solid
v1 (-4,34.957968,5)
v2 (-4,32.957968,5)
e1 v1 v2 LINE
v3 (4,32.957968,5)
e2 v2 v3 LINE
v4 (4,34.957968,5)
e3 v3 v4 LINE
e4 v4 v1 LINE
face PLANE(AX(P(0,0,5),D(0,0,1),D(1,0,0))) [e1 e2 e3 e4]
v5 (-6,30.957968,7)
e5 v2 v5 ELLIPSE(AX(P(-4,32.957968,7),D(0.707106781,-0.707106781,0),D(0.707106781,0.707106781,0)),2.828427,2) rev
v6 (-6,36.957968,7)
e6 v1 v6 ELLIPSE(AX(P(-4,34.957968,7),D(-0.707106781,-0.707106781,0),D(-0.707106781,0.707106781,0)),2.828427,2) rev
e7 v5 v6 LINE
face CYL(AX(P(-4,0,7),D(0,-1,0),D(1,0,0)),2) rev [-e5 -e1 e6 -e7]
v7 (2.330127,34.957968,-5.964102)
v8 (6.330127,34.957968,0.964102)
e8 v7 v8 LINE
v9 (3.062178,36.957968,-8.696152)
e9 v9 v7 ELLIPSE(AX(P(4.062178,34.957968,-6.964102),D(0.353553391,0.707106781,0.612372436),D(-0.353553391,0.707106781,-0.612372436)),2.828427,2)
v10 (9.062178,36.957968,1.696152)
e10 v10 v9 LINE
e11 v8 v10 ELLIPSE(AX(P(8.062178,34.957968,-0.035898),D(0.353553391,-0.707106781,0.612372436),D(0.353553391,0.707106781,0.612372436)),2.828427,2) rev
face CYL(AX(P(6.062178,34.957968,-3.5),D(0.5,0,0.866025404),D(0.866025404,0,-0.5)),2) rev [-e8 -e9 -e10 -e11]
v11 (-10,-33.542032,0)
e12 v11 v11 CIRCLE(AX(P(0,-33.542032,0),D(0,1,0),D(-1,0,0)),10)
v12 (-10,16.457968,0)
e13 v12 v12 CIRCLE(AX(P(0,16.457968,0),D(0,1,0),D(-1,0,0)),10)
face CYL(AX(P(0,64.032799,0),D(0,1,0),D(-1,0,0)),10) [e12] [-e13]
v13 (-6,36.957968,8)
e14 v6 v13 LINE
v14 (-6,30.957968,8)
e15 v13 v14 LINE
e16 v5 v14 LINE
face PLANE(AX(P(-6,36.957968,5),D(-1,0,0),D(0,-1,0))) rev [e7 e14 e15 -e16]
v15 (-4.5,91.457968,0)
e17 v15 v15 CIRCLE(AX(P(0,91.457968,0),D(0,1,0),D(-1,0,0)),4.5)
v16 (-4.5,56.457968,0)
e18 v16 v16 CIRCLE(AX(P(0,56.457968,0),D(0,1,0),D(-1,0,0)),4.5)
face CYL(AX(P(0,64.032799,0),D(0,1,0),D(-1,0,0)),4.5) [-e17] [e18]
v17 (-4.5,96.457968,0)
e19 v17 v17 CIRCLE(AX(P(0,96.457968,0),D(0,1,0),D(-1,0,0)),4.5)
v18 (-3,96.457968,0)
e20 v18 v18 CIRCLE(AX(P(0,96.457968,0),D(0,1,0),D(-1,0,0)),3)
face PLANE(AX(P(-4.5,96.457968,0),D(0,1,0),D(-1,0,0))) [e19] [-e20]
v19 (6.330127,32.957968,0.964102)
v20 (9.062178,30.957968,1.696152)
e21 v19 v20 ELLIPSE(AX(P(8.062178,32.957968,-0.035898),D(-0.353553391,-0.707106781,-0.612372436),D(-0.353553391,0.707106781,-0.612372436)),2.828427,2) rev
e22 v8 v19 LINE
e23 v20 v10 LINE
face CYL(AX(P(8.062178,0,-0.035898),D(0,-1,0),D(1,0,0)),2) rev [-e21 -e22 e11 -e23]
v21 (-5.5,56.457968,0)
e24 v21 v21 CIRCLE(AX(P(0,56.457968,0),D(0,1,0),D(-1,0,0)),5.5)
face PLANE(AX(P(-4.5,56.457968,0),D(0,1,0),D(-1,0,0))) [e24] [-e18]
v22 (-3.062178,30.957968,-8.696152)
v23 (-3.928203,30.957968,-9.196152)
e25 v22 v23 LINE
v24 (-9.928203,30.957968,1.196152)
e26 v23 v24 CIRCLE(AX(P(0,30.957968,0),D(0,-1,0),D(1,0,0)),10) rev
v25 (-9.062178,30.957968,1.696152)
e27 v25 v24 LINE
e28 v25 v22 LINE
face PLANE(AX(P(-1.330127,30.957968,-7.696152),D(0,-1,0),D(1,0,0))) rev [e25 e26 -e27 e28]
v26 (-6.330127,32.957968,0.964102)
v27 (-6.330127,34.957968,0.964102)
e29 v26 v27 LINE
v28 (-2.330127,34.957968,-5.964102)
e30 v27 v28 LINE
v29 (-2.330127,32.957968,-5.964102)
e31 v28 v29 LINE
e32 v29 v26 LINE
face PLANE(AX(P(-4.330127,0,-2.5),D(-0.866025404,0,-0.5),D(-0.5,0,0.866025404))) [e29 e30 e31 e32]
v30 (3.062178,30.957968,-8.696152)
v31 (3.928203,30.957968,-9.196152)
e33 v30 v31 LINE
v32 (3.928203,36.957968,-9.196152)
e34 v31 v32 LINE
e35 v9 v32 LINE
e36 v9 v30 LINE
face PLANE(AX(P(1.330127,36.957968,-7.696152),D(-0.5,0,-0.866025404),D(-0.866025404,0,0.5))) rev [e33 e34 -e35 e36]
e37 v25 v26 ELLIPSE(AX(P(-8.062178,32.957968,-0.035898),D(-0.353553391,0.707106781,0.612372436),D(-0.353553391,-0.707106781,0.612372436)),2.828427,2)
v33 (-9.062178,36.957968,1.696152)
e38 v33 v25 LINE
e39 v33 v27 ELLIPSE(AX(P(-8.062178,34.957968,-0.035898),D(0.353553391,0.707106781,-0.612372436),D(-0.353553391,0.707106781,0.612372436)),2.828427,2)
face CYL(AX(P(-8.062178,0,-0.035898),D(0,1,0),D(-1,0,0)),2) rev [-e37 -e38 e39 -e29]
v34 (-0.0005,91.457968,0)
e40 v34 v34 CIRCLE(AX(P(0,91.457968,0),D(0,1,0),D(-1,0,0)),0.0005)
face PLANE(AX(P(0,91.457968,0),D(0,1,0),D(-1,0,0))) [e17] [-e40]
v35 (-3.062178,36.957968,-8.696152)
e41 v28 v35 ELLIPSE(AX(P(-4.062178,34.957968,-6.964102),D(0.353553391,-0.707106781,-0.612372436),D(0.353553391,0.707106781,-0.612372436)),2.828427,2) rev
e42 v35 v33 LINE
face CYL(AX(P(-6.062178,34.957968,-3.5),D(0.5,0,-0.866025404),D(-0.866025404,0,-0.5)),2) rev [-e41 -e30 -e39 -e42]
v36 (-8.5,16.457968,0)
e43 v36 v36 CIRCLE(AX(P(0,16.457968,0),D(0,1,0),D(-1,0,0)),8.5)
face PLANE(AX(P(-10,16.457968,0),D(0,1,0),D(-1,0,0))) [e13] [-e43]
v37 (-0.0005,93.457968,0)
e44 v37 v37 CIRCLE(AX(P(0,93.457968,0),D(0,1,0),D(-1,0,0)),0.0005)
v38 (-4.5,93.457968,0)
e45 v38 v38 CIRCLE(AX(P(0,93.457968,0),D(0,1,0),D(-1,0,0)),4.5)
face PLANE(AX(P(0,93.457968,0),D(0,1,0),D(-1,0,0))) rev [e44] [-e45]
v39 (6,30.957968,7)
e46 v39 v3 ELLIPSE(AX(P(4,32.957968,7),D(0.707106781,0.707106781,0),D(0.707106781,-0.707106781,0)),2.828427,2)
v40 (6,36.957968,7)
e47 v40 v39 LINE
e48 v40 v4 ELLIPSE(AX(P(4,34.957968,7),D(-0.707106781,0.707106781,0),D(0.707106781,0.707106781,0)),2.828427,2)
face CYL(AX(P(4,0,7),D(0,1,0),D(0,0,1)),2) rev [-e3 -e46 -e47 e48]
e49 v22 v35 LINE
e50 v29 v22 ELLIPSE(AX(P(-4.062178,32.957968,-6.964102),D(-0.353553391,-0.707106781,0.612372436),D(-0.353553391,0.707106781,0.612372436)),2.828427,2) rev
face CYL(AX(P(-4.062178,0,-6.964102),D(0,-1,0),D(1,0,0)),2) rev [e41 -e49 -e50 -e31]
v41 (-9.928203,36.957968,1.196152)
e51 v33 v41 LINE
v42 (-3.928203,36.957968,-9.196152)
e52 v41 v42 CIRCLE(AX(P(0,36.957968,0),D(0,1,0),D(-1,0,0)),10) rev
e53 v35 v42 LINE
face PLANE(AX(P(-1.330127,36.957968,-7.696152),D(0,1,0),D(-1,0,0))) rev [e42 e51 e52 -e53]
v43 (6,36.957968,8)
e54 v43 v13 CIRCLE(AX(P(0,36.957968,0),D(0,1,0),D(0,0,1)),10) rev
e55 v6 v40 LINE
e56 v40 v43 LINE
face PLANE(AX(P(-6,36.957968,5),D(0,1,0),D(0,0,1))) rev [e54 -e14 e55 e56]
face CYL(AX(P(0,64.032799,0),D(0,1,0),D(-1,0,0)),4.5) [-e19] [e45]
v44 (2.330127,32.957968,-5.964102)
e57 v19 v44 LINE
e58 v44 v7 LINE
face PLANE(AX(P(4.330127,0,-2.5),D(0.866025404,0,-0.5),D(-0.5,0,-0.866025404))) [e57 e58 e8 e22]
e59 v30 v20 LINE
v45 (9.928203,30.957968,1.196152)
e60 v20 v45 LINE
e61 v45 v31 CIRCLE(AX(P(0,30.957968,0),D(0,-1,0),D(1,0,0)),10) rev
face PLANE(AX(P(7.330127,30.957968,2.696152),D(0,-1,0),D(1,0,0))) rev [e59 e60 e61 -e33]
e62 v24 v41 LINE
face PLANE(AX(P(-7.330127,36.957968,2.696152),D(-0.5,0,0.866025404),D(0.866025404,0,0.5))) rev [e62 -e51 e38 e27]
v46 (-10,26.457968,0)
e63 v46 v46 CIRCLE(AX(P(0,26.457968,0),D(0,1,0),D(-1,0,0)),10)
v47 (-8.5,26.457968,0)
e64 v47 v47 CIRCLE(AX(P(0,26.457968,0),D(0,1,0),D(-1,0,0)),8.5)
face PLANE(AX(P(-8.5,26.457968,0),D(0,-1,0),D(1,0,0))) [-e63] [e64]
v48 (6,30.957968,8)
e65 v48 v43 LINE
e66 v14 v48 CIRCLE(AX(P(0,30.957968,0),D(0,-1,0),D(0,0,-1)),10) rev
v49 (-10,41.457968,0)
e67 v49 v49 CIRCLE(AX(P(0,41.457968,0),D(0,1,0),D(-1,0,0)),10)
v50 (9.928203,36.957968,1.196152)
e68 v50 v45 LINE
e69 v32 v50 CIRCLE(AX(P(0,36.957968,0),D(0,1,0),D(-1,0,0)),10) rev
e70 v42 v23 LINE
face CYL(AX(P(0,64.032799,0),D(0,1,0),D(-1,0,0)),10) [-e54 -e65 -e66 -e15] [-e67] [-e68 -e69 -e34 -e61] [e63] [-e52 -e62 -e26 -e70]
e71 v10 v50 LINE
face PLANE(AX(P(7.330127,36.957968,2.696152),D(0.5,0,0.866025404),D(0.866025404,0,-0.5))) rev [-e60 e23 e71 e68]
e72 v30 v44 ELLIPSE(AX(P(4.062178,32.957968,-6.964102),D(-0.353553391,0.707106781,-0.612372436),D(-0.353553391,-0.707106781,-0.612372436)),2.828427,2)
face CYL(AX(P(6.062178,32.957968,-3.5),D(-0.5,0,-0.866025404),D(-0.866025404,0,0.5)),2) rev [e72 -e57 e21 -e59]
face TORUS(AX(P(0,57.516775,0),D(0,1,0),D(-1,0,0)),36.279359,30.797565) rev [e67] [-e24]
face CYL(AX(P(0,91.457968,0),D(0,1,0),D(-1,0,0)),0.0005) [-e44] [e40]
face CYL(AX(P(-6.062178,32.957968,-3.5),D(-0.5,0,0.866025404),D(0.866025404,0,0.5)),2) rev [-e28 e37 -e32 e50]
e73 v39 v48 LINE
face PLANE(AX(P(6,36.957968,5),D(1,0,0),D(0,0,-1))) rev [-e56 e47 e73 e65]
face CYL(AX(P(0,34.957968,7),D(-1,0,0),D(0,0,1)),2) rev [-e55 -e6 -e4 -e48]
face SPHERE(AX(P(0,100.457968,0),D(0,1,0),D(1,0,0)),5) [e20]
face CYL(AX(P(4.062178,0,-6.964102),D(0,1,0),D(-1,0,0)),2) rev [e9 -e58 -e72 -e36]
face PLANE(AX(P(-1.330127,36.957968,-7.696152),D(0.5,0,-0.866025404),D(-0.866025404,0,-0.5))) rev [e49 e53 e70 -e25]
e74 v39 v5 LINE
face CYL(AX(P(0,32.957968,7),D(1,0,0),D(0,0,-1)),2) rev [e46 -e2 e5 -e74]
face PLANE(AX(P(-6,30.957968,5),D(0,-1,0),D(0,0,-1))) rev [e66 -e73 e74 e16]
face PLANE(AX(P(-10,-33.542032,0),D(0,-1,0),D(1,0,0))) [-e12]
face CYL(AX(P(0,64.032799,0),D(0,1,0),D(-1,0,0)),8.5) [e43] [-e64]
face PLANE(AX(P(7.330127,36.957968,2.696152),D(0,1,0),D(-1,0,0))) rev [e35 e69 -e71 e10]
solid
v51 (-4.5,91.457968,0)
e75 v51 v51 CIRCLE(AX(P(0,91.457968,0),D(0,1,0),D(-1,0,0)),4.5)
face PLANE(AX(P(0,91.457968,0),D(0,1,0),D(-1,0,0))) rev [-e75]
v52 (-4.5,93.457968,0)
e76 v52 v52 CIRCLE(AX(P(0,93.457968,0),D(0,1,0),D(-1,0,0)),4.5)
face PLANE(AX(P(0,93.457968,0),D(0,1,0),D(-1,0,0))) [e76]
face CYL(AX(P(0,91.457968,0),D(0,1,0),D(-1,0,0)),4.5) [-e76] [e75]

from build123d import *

# Parameters (mm, degrees)
SKETCH_3_W                       = 12
SKETCH_3_H                       = 6
CUT_EXTRUDE_1_DEPTH              = 19
FILLET_1_R                       = 2
PATTERN_CIRCULAR_1_COUNT         = 3
FILLET_1_OF_PATTERN_CIRCULAR_1_R = 2
SKETCH_6_R                       = 4.5
SKETCH_6_R_2                     = 0.0005
CUT_EXTRUDE_5_DEPTH              = 2
SKETCH_7_R                       = 4.5
EXTRUDE_3_DEPTH                  = 2


with BuildPart() as part:
    # 草图1 → 旋转1 (revolve)
    with BuildSketch(Plane.XY):
        with BuildLine():
            Line((-4.5, 96.457967635), (-3, 96.457967635))
            ThreePointArc((-3, 96.457967635), (-4.74341649, 102.039106465), (0, 105.457967635))
            Line((0, 105.457967635), (0, -33.542032365))
            Line((0, -33.542032365), (-10, -33.542032365))
            Line((-10, -33.542032365), (-10, 16.457967635))
            Line((-10, 16.457967635), (-8.5, 16.457967635))
            Line((-8.5, 16.457967635), (-8.5, 26.457967635))
            Line((-8.5, 26.457967635), (-10, 26.457967635))
            Line((-10, 26.457967635), (-10, 41.457967635))
            ThreePointArc((-10, 41.457967635), (-6.780641664, 48.667160134), (-5.5, 56.457967635))
            Line((-5.5, 56.457967635), (-4.5, 56.457967635))
            Line((-4.5, 56.457967635), (-4.5, 96.457967635))
        make_face()
    revolve(axis=Axis((0, 64.032798659, 0), (0, -1, 0)))

    # 草图3 → 切除-拉伸1 (cut)
    with BuildSketch(Plane.XY.offset(24)):
        with Locations((0, 33.957967635)):
            Rectangle(SKETCH_3_W, SKETCH_3_H)
    cut_extrude_1 = extrude(amount=-CUT_EXTRUDE_1_DEPTH, mode=Mode.SUBTRACT)

    # 圆角1
    fillet_1_edges = [part.edges().sort_by_distance(p)[0] for p in [
        (6, 33.957967635, 5),
        (0, 30.957967635, 5),
        (-6, 33.957967635, 5),
        (0, 36.957967635, 5),
    ]]
    fillet(fillet_1_edges, radius=FILLET_1_R)

    # 阵列(圆周)1: 切除-拉伸1 ×3 about axis
    pattern_circular_1_axis = Axis((0, 0, 0), (0, 1, 0))
    for i in range(1, PATTERN_CIRCULAR_1_COUNT):
        add(cut_extrude_1.rotate(pattern_circular_1_axis, i * 360 / PATTERN_CIRCULAR_1_COUNT), mode=Mode.SUBTRACT)

    # 圆角1 of 阵列(圆周)1
    fillet_1_of_pattern_circular_1_edges = [part.edges().sort_by_distance(p)[0] for p in [
        (1.330127019, 33.957967635, -7.696152423),
        (4.330127019, 30.957967635, -2.5),
        (7.330127019, 33.957967635, 2.696152423),
        (4.330127019, 36.957967635, -2.5),
        (-7.330127019, 33.957967635, 2.696152423),
        (-4.330127019, 30.957967635, -2.5),
        (-1.330127019, 33.957967635, -7.696152423),
        (-4.330127019, 36.957967635, -2.5),
    ]]
    fillet(fillet_1_of_pattern_circular_1_edges, radius=FILLET_1_OF_PATTERN_CIRCULAR_1_R)

    # 草图6 → 切除-拉伸5 (cut)
    with BuildSketch(Plane(origin=(0, 93.457967635, 0), x_dir=(1, 0, 0), z_dir=(0, 1, 0))):
        Circle(SKETCH_6_R)
        Circle(SKETCH_6_R_2, mode=Mode.SUBTRACT)
    extrude(amount=-CUT_EXTRUDE_5_DEPTH, mode=Mode.SUBTRACT)


with BuildPart() as body_2:
    # 草图7 → 凸台-拉伸3 (new body)
    with BuildSketch(Plane(origin=(0, 93.457967635, 0), x_dir=(1, 0, 0), z_dir=(0, 1, 0))):
        Circle(SKETCH_7_R)
    extrude(amount=-EXTRUDE_3_DEPTH)


solid = Compound([part.part, body_2.part])
